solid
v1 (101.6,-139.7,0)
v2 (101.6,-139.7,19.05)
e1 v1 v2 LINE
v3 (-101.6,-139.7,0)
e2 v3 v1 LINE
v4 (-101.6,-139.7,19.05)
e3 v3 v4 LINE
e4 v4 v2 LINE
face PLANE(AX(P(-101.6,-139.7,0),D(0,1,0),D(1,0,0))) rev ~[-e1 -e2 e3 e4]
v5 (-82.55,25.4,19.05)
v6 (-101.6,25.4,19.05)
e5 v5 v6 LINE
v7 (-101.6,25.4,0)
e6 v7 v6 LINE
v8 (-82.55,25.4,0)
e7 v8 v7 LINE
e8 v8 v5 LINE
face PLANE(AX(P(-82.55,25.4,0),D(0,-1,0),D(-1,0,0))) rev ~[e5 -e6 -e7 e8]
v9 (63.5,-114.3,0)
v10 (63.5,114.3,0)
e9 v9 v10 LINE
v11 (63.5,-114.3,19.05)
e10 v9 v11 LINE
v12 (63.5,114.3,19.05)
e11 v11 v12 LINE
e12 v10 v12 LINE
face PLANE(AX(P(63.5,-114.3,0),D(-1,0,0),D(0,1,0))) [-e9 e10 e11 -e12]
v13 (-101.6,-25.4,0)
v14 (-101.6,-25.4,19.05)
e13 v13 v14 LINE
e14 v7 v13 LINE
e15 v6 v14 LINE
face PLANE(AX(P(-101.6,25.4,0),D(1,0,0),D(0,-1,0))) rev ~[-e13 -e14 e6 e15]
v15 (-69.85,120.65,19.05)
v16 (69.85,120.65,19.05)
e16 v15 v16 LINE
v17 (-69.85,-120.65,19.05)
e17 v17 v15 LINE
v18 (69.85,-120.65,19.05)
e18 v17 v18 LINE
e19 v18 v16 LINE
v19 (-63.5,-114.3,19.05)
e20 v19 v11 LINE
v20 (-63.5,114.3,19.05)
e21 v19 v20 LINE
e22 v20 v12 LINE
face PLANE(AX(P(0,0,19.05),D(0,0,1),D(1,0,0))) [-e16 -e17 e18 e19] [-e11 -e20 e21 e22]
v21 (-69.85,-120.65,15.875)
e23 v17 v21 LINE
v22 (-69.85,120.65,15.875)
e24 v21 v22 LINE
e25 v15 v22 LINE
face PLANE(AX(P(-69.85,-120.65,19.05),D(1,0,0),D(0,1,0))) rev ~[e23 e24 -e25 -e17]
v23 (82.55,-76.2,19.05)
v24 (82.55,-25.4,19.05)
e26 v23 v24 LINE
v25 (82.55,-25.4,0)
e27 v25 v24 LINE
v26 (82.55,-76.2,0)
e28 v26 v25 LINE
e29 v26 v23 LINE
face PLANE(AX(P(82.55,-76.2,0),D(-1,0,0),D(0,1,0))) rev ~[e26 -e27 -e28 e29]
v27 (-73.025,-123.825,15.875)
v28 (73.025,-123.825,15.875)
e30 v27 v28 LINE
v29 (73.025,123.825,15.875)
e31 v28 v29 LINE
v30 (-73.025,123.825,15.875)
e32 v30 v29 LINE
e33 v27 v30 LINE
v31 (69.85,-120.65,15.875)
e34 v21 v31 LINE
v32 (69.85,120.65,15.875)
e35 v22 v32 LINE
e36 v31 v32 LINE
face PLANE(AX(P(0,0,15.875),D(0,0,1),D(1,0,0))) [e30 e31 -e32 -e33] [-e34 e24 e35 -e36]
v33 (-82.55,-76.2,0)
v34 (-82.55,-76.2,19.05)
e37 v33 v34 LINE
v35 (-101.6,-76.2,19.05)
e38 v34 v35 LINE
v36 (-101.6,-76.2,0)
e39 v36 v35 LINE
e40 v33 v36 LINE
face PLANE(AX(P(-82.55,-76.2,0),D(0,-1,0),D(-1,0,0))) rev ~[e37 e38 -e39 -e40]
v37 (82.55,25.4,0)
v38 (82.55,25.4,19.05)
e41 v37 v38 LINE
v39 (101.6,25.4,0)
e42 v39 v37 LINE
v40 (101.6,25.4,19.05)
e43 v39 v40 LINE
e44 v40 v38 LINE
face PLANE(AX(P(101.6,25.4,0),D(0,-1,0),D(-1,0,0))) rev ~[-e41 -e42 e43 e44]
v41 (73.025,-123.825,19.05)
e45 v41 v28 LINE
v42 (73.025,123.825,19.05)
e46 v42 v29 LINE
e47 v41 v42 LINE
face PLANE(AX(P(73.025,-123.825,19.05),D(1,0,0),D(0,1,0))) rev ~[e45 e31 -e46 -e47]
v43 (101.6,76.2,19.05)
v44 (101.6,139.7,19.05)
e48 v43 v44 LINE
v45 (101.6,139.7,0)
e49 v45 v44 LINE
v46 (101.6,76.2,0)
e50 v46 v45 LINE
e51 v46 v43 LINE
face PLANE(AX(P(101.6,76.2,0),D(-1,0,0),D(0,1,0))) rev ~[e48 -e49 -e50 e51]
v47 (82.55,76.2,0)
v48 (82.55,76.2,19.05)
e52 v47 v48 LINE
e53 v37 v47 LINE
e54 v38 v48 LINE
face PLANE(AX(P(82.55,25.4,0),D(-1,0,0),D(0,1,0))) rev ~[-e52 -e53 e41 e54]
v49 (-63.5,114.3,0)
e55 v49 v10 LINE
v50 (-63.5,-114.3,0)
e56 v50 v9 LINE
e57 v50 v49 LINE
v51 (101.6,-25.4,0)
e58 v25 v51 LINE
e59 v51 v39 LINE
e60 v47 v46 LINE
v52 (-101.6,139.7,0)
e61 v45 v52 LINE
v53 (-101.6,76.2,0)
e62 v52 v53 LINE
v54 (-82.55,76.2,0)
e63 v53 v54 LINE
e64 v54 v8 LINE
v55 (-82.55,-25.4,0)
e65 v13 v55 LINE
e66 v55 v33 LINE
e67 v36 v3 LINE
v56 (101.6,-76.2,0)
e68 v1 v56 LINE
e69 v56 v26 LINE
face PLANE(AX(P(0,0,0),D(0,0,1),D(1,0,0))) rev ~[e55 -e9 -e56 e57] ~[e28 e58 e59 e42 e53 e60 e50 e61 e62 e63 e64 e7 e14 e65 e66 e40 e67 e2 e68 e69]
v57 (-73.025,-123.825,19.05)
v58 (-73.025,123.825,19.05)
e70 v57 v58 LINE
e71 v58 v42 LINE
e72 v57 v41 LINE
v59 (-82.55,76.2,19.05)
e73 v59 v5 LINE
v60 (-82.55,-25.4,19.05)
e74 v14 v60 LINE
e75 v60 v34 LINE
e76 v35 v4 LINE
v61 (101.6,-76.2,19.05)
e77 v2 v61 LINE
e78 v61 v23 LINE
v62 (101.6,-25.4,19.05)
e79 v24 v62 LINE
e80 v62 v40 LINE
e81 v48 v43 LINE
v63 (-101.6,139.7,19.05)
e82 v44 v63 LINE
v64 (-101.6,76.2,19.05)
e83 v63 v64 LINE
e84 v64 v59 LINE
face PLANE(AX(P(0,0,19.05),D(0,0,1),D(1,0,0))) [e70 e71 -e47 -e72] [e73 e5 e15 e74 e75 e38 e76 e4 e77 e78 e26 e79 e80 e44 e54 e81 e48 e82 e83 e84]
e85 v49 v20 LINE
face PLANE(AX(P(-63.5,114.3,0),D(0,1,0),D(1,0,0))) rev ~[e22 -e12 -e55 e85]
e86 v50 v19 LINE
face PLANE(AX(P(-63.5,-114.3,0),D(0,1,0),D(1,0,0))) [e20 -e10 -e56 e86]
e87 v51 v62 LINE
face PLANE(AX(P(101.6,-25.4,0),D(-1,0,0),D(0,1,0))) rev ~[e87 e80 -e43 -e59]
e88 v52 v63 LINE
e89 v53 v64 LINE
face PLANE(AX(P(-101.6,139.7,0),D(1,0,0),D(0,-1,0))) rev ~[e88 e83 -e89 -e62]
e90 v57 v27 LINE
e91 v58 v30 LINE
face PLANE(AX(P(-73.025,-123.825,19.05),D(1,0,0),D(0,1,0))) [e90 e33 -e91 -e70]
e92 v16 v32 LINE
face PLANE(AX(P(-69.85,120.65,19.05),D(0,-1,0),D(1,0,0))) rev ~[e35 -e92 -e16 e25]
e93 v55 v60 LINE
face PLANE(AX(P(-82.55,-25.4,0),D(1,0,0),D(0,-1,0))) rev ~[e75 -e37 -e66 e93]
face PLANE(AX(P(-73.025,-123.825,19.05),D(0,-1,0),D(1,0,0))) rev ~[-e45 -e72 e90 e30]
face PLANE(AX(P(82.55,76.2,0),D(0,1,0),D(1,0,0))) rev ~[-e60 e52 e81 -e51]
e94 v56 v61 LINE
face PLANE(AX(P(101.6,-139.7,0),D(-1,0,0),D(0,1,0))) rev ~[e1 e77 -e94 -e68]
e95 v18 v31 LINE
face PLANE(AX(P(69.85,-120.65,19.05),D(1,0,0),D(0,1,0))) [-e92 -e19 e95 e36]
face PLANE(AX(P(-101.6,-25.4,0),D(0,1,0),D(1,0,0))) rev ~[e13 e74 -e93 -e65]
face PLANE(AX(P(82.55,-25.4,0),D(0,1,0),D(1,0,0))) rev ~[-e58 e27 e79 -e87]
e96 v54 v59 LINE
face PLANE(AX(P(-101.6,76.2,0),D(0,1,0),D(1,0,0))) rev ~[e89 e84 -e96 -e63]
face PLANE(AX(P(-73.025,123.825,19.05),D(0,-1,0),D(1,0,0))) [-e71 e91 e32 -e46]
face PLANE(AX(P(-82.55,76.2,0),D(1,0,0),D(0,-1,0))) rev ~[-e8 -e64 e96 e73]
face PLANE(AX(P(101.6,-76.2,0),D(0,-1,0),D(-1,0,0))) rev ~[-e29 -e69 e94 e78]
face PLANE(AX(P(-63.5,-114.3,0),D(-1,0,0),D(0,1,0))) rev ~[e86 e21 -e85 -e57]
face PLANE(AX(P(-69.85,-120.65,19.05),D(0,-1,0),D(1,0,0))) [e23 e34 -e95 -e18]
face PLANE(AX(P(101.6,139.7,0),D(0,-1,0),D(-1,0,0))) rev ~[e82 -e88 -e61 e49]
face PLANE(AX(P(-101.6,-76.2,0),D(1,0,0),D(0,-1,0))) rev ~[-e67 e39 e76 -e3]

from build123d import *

# Parameters (mm, degrees)
F0_W     = 127
F0_H     = 228.6
F1_DEPTH = 19.05
F2_W     = 146.05
F2_H     = 247.65
F2_W_2   = 139.7
F2_H_2   = 241.3
F3_DEPTH = 3.175


with BuildPart() as f1:
    # F0 (on Top) → F1 (new body)
    with BuildSketch(Plane.XY):
        Polygon((101.6, 139.7), (-101.6, 139.7), (-101.6, 76.2), (-82.55, 76.2), (-82.55, 25.4), (-101.6, 25.4), (-101.6, -25.4), (-82.55, -25.4), (-82.55, -76.2), (-101.6, -76.2), (-101.6, -139.7), (101.6, -139.7), (101.6, -76.2), (82.55, -76.2), (82.55, -25.4), (101.6, -25.4), (101.6, 25.4), (82.55, 25.4), (82.55, 76.2), (101.6, 76.2), align=None)
        Rectangle(F0_W, F0_H, mode=Mode.SUBTRACT)
    extrude(amount=F1_DEPTH)

    # F2 (on face) → F3 (cut)
    with BuildSketch(Plane.XY.offset(19.05)):
        Rectangle(F2_W, F2_H)
        Rectangle(F2_W_2, F2_H_2, mode=Mode.SUBTRACT)
    extrude(amount=-F3_DEPTH, mode=Mode.SUBTRACT)


solid = f1.part
